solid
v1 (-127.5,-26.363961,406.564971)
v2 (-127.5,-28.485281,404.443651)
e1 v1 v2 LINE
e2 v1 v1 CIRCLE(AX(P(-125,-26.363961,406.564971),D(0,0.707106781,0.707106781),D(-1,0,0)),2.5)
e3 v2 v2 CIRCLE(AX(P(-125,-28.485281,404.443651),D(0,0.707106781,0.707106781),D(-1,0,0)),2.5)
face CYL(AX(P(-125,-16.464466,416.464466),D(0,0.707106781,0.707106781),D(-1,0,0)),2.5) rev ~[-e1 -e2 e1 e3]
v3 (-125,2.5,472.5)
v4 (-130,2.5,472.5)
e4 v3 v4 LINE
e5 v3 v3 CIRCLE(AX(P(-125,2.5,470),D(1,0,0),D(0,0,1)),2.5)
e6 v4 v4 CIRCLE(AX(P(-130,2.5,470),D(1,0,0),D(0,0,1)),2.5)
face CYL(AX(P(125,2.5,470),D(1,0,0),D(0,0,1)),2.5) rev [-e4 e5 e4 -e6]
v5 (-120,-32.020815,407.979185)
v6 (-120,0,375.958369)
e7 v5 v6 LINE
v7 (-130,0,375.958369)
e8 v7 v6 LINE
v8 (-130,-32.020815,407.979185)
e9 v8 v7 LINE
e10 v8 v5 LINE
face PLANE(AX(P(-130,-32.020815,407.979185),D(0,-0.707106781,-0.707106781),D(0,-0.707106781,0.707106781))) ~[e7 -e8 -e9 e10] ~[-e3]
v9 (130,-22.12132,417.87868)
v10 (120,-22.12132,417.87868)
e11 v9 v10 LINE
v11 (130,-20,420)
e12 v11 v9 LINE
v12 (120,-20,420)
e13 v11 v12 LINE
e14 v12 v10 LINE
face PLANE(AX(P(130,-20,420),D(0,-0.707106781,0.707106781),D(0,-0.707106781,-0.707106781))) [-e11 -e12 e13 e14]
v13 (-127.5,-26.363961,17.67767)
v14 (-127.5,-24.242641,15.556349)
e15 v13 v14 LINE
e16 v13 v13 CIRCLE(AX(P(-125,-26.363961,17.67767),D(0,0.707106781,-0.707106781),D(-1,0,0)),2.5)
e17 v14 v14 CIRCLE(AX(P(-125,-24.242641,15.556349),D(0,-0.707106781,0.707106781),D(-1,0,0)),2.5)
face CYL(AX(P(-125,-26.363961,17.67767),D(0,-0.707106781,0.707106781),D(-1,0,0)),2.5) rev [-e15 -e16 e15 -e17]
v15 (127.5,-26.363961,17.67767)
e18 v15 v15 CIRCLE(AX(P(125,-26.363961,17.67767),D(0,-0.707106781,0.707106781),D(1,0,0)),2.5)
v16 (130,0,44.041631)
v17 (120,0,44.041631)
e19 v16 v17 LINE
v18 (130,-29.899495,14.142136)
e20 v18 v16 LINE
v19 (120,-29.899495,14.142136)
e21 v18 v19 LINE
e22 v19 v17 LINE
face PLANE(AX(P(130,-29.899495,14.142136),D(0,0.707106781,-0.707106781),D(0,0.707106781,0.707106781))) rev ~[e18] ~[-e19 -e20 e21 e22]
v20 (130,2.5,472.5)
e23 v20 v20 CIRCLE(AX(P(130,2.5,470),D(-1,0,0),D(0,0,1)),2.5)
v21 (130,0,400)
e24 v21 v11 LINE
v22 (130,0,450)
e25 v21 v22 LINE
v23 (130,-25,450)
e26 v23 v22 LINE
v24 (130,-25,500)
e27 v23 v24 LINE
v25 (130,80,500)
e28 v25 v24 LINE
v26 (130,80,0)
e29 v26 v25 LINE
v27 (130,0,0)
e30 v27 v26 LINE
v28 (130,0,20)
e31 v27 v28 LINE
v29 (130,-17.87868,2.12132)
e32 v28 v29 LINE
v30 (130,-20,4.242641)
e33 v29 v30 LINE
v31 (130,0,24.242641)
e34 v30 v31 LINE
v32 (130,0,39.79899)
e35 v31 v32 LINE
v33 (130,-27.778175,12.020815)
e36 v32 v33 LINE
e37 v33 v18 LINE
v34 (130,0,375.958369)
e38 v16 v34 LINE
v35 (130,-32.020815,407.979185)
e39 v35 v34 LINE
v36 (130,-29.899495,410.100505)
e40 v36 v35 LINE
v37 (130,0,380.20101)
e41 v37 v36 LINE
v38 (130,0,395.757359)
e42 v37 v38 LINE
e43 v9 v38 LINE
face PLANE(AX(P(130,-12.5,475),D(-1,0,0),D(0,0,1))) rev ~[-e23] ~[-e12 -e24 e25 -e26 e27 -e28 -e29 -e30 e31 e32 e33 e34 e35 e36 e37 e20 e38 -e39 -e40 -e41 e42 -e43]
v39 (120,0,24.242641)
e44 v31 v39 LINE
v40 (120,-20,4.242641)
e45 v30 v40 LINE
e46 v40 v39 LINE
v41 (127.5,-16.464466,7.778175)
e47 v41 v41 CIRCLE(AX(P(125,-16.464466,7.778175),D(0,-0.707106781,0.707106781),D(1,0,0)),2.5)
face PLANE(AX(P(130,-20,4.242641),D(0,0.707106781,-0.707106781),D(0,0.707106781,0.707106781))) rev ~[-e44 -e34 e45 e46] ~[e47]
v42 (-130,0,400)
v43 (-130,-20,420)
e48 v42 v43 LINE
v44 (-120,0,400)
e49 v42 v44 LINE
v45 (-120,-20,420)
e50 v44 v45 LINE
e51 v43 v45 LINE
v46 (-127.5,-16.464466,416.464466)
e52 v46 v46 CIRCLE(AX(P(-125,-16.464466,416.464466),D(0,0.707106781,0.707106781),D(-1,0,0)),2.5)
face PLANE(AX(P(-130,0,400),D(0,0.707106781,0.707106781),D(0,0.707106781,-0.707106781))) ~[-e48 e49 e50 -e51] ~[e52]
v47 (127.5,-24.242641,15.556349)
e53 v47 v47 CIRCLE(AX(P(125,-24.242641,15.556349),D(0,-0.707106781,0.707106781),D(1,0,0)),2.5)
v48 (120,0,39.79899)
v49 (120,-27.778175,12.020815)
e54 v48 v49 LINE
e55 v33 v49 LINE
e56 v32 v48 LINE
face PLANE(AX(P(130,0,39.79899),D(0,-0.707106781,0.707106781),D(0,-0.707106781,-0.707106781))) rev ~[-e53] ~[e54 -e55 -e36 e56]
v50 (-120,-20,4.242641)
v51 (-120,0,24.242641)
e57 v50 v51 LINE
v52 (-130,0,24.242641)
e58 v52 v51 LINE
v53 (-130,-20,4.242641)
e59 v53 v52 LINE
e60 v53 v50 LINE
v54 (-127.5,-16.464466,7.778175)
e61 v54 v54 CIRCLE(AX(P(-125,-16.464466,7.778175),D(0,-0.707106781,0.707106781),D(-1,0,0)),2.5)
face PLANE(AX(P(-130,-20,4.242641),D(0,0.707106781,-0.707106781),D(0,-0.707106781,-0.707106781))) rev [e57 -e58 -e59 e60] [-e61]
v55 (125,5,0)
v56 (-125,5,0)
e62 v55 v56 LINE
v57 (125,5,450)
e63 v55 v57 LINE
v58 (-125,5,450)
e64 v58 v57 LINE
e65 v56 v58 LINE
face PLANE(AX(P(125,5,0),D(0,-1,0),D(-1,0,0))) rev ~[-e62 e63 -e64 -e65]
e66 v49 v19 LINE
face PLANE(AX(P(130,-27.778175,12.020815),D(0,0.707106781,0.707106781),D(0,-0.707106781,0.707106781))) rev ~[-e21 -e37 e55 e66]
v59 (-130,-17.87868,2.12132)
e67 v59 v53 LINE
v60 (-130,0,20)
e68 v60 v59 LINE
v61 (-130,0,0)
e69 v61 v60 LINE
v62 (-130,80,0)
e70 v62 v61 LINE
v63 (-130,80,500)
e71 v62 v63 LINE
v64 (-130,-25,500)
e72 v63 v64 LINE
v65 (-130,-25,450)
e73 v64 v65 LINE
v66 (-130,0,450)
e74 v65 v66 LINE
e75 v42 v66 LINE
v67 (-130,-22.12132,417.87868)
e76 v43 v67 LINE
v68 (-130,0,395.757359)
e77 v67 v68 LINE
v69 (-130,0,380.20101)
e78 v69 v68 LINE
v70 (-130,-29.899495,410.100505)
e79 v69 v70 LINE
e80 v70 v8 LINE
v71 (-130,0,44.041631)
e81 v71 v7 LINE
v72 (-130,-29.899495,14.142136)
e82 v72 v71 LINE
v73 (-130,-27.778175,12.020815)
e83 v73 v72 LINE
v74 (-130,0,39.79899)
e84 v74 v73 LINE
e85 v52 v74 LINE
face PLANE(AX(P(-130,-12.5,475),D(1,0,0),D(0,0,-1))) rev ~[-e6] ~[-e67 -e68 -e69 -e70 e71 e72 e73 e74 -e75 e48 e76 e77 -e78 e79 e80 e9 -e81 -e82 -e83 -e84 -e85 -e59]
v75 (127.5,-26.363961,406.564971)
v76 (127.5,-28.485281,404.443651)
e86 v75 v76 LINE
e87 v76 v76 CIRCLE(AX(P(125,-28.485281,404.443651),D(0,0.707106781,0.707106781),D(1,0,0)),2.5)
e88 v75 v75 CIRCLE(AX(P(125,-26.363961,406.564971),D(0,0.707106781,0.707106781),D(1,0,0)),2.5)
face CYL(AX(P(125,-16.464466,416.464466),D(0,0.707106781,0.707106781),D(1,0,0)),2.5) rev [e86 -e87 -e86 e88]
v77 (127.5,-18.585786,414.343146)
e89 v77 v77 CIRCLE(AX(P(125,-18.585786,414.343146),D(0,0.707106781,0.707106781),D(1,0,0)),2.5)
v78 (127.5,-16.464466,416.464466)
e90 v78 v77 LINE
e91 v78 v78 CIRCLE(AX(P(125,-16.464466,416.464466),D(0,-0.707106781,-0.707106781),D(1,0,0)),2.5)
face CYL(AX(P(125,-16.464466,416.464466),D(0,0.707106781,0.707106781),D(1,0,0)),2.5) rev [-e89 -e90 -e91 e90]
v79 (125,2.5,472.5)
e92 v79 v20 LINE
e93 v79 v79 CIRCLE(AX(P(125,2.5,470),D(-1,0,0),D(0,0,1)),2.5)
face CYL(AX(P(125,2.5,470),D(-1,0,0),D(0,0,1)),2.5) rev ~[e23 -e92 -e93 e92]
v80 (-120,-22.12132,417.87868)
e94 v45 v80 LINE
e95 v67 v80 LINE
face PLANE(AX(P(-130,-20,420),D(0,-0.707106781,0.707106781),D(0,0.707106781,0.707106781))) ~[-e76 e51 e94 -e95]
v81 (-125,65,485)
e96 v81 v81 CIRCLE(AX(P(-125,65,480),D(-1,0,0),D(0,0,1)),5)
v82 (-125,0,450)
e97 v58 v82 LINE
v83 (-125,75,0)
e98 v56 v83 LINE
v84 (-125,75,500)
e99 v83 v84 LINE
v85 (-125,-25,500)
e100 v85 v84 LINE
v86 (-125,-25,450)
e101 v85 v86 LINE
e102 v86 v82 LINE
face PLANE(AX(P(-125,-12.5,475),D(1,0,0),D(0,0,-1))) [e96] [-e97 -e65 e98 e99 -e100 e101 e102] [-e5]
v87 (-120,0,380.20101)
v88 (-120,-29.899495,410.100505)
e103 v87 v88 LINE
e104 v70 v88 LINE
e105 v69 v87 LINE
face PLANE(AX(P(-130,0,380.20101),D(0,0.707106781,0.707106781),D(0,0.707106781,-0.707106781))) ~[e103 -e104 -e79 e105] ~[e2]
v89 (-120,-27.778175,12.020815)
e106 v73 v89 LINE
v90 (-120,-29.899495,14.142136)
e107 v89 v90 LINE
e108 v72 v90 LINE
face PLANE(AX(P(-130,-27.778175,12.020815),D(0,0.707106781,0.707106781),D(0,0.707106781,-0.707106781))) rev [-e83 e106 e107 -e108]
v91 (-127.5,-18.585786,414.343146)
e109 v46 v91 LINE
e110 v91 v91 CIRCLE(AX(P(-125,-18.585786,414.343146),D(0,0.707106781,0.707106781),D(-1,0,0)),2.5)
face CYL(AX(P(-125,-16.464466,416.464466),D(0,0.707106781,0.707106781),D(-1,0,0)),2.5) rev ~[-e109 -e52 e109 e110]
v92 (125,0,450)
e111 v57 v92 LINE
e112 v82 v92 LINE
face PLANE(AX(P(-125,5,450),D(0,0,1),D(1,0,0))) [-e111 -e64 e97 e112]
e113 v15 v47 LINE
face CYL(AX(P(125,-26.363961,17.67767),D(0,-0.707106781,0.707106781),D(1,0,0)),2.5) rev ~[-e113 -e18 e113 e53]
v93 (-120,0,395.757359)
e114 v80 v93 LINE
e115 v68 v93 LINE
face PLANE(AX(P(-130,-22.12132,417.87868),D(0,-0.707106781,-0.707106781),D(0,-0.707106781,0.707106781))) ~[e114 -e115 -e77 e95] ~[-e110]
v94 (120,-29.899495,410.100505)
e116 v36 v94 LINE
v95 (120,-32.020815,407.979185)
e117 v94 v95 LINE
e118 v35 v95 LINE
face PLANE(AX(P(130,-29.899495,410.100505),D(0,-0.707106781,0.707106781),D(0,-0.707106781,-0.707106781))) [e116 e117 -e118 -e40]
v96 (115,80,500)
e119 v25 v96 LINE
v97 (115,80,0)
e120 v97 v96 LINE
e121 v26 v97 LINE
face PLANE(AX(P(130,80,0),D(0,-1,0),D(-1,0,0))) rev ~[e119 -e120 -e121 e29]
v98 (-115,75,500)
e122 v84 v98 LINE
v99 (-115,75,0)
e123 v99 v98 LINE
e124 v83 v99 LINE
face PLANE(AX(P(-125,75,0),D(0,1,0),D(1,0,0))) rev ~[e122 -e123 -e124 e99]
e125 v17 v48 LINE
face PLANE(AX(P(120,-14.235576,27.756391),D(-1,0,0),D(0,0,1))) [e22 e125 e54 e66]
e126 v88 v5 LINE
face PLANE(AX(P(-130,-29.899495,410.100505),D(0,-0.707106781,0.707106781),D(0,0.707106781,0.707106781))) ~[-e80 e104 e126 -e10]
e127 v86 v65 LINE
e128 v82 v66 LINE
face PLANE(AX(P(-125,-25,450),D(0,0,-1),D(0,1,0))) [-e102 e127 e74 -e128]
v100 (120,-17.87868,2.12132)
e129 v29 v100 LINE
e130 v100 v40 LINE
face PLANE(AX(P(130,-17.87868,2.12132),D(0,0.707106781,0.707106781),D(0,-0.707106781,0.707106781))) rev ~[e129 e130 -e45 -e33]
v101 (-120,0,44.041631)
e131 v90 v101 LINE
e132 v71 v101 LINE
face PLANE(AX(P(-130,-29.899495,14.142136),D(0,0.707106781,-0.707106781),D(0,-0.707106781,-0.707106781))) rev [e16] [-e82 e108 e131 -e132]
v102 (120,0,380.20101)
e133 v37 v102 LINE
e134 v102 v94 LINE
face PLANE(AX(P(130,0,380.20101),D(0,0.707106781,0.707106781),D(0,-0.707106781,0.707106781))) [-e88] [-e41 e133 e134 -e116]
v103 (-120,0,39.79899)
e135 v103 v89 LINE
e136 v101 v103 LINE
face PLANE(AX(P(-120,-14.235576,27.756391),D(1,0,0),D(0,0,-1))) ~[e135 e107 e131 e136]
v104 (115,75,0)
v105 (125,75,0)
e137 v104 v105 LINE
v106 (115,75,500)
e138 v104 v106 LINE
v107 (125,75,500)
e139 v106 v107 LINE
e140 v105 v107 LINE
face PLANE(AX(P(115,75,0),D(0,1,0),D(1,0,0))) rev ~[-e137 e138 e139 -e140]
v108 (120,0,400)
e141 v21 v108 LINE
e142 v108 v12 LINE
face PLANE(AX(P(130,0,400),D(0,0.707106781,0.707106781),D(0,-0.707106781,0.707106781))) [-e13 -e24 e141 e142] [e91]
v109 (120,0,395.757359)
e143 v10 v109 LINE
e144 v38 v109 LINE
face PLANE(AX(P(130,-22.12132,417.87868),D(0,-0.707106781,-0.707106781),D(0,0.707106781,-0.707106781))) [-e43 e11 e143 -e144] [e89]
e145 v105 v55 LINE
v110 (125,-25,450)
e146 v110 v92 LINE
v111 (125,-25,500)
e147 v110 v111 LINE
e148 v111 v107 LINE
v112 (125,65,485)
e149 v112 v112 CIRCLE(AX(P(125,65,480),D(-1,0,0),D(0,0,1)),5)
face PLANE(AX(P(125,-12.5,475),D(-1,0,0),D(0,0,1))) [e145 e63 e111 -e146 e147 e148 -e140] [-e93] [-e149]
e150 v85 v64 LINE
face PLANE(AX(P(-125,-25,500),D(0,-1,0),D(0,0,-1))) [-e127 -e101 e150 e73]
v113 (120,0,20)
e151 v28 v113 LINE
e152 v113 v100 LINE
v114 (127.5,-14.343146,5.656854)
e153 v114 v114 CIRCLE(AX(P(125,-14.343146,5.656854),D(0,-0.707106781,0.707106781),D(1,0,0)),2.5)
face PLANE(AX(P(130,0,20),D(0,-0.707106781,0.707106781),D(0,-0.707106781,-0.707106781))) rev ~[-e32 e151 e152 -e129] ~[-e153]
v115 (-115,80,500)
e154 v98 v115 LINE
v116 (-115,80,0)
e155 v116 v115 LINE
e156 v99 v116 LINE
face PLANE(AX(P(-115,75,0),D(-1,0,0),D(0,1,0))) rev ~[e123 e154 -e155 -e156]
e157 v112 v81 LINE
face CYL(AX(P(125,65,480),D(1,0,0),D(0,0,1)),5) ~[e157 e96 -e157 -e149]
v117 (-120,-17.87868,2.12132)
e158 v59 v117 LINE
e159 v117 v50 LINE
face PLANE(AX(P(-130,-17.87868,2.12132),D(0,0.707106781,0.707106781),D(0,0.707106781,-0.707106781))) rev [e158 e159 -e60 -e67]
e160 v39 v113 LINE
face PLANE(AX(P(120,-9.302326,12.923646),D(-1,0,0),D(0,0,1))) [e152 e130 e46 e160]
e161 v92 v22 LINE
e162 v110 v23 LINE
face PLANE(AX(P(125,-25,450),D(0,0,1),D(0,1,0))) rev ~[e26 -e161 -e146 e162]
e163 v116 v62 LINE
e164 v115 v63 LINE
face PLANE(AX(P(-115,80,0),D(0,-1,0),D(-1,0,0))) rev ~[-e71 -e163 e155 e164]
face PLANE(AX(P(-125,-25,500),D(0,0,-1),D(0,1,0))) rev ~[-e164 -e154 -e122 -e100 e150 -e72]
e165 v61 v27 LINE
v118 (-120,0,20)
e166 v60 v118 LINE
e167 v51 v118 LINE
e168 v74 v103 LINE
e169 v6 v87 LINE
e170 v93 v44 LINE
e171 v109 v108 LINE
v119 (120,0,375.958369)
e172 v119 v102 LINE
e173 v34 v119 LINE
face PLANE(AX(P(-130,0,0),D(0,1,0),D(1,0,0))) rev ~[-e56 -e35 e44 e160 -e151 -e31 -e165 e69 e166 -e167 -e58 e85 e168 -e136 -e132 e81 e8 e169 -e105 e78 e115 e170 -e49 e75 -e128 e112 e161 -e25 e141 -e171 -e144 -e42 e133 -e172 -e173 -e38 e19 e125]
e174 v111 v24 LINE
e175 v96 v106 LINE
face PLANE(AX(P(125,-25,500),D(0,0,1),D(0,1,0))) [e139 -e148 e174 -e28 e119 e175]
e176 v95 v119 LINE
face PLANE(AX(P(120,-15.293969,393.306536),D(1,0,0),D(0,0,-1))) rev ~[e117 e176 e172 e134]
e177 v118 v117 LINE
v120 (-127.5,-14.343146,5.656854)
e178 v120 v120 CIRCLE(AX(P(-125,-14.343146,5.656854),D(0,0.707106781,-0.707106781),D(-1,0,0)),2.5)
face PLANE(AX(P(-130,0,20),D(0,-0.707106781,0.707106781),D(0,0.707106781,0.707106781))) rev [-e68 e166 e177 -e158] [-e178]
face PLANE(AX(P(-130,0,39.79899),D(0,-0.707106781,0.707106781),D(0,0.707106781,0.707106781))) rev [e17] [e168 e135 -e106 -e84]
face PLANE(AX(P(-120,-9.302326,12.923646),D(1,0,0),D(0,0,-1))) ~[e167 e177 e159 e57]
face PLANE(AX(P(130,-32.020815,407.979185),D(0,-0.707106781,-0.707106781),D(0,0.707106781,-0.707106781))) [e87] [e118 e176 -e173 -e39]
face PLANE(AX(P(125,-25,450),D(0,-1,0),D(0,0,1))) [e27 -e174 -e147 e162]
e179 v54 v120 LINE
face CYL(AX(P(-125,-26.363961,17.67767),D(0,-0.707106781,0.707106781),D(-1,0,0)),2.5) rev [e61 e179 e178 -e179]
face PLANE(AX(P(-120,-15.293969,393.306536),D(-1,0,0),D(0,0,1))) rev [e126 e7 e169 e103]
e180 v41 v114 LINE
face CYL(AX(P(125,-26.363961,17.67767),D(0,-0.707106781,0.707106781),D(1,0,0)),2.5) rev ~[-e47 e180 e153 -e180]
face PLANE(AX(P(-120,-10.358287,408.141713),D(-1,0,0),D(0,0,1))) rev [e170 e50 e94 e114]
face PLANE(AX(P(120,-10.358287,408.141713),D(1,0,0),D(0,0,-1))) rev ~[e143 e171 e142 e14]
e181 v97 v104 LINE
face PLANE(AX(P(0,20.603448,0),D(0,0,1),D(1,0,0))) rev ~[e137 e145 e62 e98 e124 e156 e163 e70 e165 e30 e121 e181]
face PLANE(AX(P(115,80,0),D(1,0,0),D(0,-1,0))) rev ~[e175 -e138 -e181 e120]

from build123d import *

# Parameters (mm, degrees)
BOSS_EXTRUDE2_DEPTH     = 500
SKETCH3_W               = 250
SKETCH3_H               = 50
CUT_EXTRUDE1_DEPTH      = 6
SKETCH5_W               = 50
SKETCH5_H               = 25
BOSS_EXTRUDE3_DEPTH     = 5
SKETCH7_W               = 50
SKETCH7_H               = 25
BOSS_EXTRUDE4_DEPTH     = 5
SKETCH8_R               = 2.5
CUT_EXTRUDE4_DEPTH      = 256
CUT_EXTRUDE4_DEPTH_BACK = 6
SKETCH11_R              = 5
BOSS_EXTRUDE15_DEPTH    = 250
BOSS_EXTRUDE16_DEPTH    = 10
BOSS_EXTRUDE17_DEPTH    = 10
CUT_EXTRUDE5_START      = -17
SKETCH30_R              = 2.5
CUT_EXTRUDE5_DEPTH      = 306.484848098
SKETCH31_R              = 2.5
CUT_EXTRUDE6_DEPTH      = 17


with BuildPart() as part:
    # Sketch2 → Boss-Extrude2 (new body)
    with BuildSketch(Plane.XY):
        Polygon((-130, 0), (130, 0), (130, 80), (115, 80), (115, 75), (125, 75), (125, 5), (-125, 5), (-125, 75), (-115, 75), (-115, 80), (-130, 80), align=None)
    extrude(amount=BOSS_EXTRUDE2_DEPTH)

    # Sketch3 → Cut-Extrude1 (cut, through all)
    with BuildSketch(Plane(origin=(0, 5, 0), x_dir=(1, 0, 0), z_dir=(0, 1, 0))):
        with Locations((0, -475)):
            Rectangle(SKETCH3_W, SKETCH3_H)
    extrude(amount=-CUT_EXTRUDE1_DEPTH, mode=Mode.SUBTRACT)

    # Sketch5 → Boss-Extrude3 (add)
    with BuildSketch(Plane.ZY.offset(-125)):
        with Locations((475, -12.5)):
            Rectangle(SKETCH5_W, SKETCH5_H)
    extrude(amount=-BOSS_EXTRUDE3_DEPTH)

    # Sketch7 → Boss-Extrude4 (add)
    with BuildSketch(Plane(origin=(-125, 0, 0), x_dir=(0, 0, -1), z_dir=(1, 0, 0))):
        with Locations((-475, -12.5)):
            Rectangle(SKETCH7_W, SKETCH7_H)
    extrude(amount=-BOSS_EXTRUDE4_DEPTH)

    # Sketch8 → Cut-Extrude4 (cut, two sides)
    with BuildSketch(Plane.ZY.offset(-125)) as cut_extrude4_sk:
        with Locations((470, 2.5)):
            Circle(SKETCH8_R)
    extrude(amount=CUT_EXTRUDE4_DEPTH, mode=Mode.SUBTRACT)
    extrude(cut_extrude4_sk.sketch, amount=-CUT_EXTRUDE4_DEPTH_BACK, mode=Mode.SUBTRACT)

    # Sketch11 → Boss-Extrude15 (add)
    with BuildSketch(Plane.ZY.offset(-125)):
        with Locations((480, 65)):
            Circle(SKETCH11_R)
    extrude(amount=BOSS_EXTRUDE15_DEPTH)

    # Sketch27 → Boss-Extrude16 (add)
    with BuildSketch(Plane(origin=(130, 0, 0), x_dir=(0, 0, -1), z_dir=(1, 0, 0))):
        Polygon((-20, 0), (-2.121320344, -17.878679656), (-4.242640687, -20), (-24.242640687, 0), align=None)
        Polygon((-39.798989873, 0), (-12.02081528, -27.778174593), (-14.142135624, -29.899494937), (-44.04163056, 0), align=None)
    boss_extrude16 = extrude(amount=-BOSS_EXTRUDE16_DEPTH)

    # Mirror1: Boss-Extrude16 across plane
    add(boss_extrude16.mirror(Plane.ZY))

    # Sketch29 → Boss-Extrude17 (add)
    with BuildSketch(Plane(origin=(130, 0, 0), x_dir=(0, 0, -1), z_dir=(1, 0, 0))):
        Polygon((-400, 0), (-420, -20), (-417.878679656, -22.121320344), (-395.757359313, 0), align=None)
        Polygon((-380.201010127, 0), (-410.100505063, -29.899494937), (-407.97918472, -32.02081528), (-375.95836944, 0), align=None)
    boss_extrude17 = extrude(amount=-BOSS_EXTRUDE17_DEPTH)

    # Mirror2: Boss-Extrude17 across plane
    add(boss_extrude17.mirror(Plane.ZY))

    # Sketch30 → Cut-Extrude5 (cut)
    with BuildSketch(Plane(origin=(0, 187.97918472, 187.97918472), x_dir=(1, 0, 0), z_dir=(0, -0.707106781, -0.707106781)).offset(CUT_EXTRUDE5_START)):
        with Locations((125, 306.126983722)):
            Circle(SKETCH30_R)
    cut_extrude5 = extrude(amount=CUT_EXTRUDE5_DEPTH, mode=Mode.SUBTRACT)

    # Mirror3: Cut-Extrude5 across plane
    add(cut_extrude5.mirror(Plane.ZY), mode=Mode.SUBTRACT)

    # Sketch31 → Cut-Extrude6 (cut)
    with BuildSketch(Plane(origin=(0, -22.02081528, 22.02081528), x_dir=(1, 0, 0), z_dir=(0, -0.707106781, 0.707106781))):
        with Locations((125, -6.142135624)):
            Circle(SKETCH31_R)
    cut_extrude6 = extrude(amount=-CUT_EXTRUDE6_DEPTH, mode=Mode.SUBTRACT)

    # Mirror5: Cut-Extrude6 across plane
    add(cut_extrude6.mirror(Plane.ZY), mode=Mode.SUBTRACT)


solid = part.part
